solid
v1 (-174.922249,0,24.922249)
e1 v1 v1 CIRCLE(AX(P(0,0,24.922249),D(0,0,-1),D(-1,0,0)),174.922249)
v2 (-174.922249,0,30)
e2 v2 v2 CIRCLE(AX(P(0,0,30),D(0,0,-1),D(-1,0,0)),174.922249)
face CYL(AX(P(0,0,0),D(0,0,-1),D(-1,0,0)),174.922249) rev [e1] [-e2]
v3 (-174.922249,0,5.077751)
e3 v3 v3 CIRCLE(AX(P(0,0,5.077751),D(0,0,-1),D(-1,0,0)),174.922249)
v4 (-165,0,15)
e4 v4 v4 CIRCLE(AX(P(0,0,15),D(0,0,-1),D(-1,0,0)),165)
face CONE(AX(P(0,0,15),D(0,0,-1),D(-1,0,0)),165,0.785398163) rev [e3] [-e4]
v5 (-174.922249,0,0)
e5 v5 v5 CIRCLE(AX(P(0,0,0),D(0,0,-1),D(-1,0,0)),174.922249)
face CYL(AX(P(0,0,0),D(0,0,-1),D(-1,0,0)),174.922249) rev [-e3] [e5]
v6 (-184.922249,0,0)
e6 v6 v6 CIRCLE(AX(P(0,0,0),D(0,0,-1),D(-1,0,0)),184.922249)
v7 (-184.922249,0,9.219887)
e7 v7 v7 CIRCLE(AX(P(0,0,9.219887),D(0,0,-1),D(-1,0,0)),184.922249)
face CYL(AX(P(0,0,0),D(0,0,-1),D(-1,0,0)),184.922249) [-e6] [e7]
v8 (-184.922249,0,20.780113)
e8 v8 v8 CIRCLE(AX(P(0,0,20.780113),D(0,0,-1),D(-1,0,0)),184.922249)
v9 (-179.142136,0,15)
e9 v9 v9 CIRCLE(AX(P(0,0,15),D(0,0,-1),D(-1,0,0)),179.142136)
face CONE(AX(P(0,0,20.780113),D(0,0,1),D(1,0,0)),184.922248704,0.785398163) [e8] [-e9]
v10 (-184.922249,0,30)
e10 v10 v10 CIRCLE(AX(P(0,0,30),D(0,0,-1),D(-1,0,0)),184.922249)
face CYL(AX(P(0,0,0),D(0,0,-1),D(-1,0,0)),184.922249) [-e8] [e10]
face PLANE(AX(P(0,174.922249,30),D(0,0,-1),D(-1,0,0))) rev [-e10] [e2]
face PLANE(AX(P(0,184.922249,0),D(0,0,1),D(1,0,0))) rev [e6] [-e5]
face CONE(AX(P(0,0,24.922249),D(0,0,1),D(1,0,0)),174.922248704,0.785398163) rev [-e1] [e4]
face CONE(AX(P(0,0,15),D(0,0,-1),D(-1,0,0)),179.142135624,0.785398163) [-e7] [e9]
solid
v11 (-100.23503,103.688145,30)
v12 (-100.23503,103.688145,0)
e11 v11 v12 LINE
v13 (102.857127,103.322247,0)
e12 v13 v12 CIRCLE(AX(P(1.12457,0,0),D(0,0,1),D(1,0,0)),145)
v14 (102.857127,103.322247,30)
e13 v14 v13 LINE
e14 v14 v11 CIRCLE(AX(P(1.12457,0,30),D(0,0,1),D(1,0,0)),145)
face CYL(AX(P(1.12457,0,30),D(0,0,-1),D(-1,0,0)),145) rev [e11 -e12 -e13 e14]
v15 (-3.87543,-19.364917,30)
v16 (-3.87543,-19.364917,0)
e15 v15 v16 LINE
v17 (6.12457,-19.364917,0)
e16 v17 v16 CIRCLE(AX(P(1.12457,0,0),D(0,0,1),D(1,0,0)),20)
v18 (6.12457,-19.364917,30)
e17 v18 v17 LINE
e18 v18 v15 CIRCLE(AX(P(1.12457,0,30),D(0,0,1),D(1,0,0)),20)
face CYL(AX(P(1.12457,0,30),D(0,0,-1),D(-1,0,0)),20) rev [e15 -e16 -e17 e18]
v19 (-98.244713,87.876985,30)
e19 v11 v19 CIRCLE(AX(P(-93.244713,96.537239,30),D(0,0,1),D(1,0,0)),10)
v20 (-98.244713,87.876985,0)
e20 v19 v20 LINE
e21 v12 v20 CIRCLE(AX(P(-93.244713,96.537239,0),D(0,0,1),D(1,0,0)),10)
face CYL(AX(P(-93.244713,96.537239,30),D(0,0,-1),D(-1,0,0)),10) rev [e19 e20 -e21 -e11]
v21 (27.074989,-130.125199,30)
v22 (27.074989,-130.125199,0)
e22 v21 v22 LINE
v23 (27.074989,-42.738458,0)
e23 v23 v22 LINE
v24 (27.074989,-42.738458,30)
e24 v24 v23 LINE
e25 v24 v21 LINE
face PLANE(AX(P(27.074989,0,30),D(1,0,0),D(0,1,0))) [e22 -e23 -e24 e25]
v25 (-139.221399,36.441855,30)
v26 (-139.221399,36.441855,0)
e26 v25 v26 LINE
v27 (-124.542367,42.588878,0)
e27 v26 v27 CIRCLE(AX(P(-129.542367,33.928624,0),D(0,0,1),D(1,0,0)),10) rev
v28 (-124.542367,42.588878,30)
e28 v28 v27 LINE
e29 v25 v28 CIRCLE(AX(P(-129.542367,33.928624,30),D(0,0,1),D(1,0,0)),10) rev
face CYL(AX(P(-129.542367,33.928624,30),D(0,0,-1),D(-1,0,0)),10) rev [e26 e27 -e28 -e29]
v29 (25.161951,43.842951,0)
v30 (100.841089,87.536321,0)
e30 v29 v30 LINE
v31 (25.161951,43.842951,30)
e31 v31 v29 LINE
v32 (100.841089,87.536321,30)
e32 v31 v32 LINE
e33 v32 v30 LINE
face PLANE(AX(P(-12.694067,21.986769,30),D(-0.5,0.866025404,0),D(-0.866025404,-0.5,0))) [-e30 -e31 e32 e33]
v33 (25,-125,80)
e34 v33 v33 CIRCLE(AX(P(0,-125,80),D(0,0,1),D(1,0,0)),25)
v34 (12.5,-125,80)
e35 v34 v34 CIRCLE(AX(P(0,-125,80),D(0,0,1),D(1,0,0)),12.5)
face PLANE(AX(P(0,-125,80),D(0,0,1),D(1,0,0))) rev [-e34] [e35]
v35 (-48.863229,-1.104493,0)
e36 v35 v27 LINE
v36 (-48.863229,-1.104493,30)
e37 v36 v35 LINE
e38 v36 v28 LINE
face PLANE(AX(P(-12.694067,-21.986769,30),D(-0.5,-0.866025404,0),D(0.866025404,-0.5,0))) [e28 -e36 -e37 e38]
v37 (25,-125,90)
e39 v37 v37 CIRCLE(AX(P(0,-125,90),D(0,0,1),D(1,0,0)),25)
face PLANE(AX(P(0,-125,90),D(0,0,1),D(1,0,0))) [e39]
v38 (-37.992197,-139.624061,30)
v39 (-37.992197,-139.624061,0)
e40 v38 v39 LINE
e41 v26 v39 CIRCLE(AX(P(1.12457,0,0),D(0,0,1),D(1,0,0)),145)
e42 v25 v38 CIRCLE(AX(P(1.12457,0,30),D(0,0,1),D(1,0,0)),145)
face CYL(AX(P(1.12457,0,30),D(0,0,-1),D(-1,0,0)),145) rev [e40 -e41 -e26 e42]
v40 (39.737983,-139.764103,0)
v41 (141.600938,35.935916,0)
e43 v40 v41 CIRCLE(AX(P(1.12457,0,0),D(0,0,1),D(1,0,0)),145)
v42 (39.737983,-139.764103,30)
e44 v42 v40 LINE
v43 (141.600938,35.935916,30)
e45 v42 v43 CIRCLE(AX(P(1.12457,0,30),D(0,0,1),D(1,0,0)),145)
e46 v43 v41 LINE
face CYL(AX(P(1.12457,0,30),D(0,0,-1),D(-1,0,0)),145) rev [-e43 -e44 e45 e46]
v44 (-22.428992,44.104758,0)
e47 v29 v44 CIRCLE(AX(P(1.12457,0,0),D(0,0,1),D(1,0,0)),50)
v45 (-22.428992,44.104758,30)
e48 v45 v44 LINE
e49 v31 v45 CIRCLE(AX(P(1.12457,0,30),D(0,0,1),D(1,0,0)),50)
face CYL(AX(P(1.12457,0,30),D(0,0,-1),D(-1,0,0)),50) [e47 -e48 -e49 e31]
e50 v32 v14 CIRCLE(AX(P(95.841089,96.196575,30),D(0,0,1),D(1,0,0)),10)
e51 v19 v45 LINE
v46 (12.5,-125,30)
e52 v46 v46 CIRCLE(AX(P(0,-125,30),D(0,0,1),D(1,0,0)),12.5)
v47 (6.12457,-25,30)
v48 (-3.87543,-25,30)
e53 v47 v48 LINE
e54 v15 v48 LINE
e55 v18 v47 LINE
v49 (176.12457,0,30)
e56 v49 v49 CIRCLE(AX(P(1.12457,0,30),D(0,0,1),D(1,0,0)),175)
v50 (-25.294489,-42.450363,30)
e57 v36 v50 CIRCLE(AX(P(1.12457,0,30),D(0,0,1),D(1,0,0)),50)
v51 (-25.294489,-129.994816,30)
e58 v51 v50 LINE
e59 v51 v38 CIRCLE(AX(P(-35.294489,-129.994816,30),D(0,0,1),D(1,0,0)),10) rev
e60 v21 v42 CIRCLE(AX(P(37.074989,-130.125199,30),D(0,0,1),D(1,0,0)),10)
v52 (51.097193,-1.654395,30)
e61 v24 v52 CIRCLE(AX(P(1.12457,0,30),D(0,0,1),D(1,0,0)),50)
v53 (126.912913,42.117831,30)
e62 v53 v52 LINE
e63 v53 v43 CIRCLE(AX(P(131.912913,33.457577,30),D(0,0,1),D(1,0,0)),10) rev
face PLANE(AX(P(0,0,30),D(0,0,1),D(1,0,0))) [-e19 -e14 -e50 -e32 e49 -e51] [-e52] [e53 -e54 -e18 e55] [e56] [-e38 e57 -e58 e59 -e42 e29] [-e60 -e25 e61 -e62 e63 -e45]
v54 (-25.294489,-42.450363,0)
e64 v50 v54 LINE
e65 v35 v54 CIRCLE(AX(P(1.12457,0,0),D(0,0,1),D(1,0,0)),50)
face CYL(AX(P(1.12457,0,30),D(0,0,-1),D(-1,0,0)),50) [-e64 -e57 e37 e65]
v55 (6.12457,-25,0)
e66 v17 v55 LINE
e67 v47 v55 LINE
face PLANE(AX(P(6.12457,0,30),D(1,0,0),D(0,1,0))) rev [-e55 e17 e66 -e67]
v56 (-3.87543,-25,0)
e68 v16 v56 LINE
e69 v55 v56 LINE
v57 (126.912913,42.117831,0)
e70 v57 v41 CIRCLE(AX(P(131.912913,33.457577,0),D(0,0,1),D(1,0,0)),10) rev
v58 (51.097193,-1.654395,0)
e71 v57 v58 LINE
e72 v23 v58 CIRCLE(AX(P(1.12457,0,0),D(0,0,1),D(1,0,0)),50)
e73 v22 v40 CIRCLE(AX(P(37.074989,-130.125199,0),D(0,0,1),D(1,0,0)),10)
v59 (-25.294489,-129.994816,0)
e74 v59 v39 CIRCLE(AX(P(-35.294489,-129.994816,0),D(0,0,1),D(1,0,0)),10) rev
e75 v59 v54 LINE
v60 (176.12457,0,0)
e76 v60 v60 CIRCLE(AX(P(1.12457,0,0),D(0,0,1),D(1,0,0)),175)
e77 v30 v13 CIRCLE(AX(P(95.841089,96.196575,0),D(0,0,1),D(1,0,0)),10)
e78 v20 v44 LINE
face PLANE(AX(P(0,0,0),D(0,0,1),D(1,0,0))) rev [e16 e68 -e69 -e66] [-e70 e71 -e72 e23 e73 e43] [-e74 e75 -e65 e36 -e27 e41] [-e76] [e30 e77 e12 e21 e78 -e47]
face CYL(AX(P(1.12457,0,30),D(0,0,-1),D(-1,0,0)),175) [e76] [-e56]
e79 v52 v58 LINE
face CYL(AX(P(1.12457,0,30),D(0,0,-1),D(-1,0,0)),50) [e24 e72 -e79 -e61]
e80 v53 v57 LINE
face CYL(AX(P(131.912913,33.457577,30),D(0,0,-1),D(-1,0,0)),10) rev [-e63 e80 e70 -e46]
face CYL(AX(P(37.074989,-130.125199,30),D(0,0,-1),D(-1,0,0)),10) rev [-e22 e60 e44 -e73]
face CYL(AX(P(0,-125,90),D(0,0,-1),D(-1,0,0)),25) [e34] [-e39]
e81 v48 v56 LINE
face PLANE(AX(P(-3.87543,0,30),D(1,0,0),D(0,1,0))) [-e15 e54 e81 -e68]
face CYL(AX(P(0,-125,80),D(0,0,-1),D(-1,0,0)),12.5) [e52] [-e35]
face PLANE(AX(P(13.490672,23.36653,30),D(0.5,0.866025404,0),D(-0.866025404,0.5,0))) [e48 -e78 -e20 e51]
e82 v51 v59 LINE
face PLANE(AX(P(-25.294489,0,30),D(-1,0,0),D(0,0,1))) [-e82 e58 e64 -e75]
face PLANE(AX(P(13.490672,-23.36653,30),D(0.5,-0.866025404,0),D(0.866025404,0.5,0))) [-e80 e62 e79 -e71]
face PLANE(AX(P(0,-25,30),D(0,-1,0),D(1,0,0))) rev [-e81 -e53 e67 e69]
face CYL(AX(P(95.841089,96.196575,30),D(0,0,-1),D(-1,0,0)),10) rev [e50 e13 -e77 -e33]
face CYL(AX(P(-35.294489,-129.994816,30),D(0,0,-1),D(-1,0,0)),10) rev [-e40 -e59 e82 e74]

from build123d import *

# Parameters (mm, degrees)
SKETCH1_R           = 175
BOSS_EXTRUDE1_DEPTH = 30
SKETCH2_R           = 12.5
BOSS_EXTRUDE2_DEPTH = 50
SKETCH3_R           = 25
BOSS_EXTRUDE3_DEPTH = 10


with BuildPart() as part:
    # Sketch1 → Boss-Extrude1 (new body)
    with BuildSketch(Plane.XY):
        with Locations((1.124570284, 0)):
            Circle(SKETCH1_R)
        with BuildLine():
            Line((-25.294489225, -42.450362715), (-25.294489225, -129.994815683))
            ThreePointArc((-25.294489225, -129.994815683), (-29.252017923, -137.962785347), (-37.992197337, -139.624061289))
            ThreePointArc((-37.992197337, -139.624061289), (-124.579527681, -72.273644953), (-139.221399367, 36.441855094))
            ThreePointArc((-139.221399367, 36.441855094), (-133.404983694, 43.152516168), (-124.542366978, 42.588877746))
            Line((-124.542366978, 42.588877746), (-48.863229184, -1.104492831))
            ThreePointArc((-48.863229184, -1.104492831), (-42.313572676, -24.761416281), (-25.294489225, -42.450362715))
        make_face(mode=Mode.SUBTRACT)
        with BuildLine():
            Line((27.074988868, -130.125198957), (27.074988868, -42.738457802))
            ThreePointArc((27.074988868, -42.738457802), (44.287657296, -25.237827156), (51.09719255, -1.654395321))
            Line((51.09719255, -1.654395321), (126.91291278, 42.117831162))
            ThreePointArc((126.91291278, 42.117831162), (135.792141274, 42.674495606), (141.60093815, 35.935916171))
            ThreePointArc((141.60093815, 35.935916171), (126.567431819, -72.726119721), (39.737982837, -139.764102584))
            ThreePointArc((39.737982837, -139.764102584), (31.018172034, -138.082269388), (27.074988868, -130.125198957))
        make_face(mode=Mode.SUBTRACT)
        with BuildLine():
            ThreePointArc((21.124570284, 0), (16.935958585, -12.247448714), (6.124570284, -19.364916731))
            Line((6.124570284, -19.364916731), (6.124570284, -25))
            Line((6.124570284, -25), (-3.875429716, -25))
            Line((-3.875429716, -25), (-3.875429716, -19.364916731))
            ThreePointArc((-3.875429716, -19.364916731), (-11.12287843, 15.811388301), (21.124570284, 0))
        make_face(mode=Mode.SUBTRACT)
        with BuildLine():
            Line((-22.428992473, 44.104758037), (-98.244712703, 87.876984521))
            ThreePointArc((-98.244712703, 87.876984521), (-103.1664125, 95.288289741), (-100.235029962, 103.688145118))
            ThreePointArc((-100.235029962, 103.688145118), (1.385806713, 144.999764674), (102.857127382, 103.322247489))
            ThreePointArc((102.857127382, 103.322247489), (105.760522511, 94.929753221), (100.841088961, 87.536321211))
            Line((100.841088961, 87.536321211), (25.161951167, 43.842950634))
            ThreePointArc((25.161951167, 43.842950634), (1.399626231, 49.999243437), (-22.428992473, 44.104758037))
        make_face(mode=Mode.SUBTRACT)
    extrude(amount=BOSS_EXTRUDE1_DEPTH)

    # Sketch2 → Boss-Extrude2 (add)
    with BuildSketch(Plane.XY.offset(30)):
        with Locations((0, -125)):
            Circle(SKETCH2_R)
    extrude(amount=BOSS_EXTRUDE2_DEPTH)

    # Sketch3 → Boss-Extrude3 (add)
    with BuildSketch(Plane.XY.offset(80)):
        with Locations((0, -125)):
            Circle(SKETCH3_R)
    extrude(amount=BOSS_EXTRUDE3_DEPTH)


with BuildPart() as body_2:
    # Sketch5 → Revolve-Thin11 (revolve)
    with BuildSketch(Plane(origin=(0, 0, 0), x_dir=(0, 0, -1), z_dir=(1, 0, 0)), mode=Mode.PRIVATE) as revolve_thin11_sk:
        Polygon((-30, 174.922248704), (-24.922248704, 174.922248704), (-15, 165), (-5.077751296, 174.922248704), (0, 174.922248704), (0, 184.922248704), (-9.21988692, 184.922248704), (-15, 179.142135624), (-20.78011308, 184.922248704), (-30, 184.922248704), align=None)
    revolve(revolve_thin11_sk.sketch.rotate(Axis((0, 0, 0), (0, 0, 1)), 90), axis=Axis((0, 0, 0), (0, 0, 1)))


solid = Compound([part.part, body_2.part])
